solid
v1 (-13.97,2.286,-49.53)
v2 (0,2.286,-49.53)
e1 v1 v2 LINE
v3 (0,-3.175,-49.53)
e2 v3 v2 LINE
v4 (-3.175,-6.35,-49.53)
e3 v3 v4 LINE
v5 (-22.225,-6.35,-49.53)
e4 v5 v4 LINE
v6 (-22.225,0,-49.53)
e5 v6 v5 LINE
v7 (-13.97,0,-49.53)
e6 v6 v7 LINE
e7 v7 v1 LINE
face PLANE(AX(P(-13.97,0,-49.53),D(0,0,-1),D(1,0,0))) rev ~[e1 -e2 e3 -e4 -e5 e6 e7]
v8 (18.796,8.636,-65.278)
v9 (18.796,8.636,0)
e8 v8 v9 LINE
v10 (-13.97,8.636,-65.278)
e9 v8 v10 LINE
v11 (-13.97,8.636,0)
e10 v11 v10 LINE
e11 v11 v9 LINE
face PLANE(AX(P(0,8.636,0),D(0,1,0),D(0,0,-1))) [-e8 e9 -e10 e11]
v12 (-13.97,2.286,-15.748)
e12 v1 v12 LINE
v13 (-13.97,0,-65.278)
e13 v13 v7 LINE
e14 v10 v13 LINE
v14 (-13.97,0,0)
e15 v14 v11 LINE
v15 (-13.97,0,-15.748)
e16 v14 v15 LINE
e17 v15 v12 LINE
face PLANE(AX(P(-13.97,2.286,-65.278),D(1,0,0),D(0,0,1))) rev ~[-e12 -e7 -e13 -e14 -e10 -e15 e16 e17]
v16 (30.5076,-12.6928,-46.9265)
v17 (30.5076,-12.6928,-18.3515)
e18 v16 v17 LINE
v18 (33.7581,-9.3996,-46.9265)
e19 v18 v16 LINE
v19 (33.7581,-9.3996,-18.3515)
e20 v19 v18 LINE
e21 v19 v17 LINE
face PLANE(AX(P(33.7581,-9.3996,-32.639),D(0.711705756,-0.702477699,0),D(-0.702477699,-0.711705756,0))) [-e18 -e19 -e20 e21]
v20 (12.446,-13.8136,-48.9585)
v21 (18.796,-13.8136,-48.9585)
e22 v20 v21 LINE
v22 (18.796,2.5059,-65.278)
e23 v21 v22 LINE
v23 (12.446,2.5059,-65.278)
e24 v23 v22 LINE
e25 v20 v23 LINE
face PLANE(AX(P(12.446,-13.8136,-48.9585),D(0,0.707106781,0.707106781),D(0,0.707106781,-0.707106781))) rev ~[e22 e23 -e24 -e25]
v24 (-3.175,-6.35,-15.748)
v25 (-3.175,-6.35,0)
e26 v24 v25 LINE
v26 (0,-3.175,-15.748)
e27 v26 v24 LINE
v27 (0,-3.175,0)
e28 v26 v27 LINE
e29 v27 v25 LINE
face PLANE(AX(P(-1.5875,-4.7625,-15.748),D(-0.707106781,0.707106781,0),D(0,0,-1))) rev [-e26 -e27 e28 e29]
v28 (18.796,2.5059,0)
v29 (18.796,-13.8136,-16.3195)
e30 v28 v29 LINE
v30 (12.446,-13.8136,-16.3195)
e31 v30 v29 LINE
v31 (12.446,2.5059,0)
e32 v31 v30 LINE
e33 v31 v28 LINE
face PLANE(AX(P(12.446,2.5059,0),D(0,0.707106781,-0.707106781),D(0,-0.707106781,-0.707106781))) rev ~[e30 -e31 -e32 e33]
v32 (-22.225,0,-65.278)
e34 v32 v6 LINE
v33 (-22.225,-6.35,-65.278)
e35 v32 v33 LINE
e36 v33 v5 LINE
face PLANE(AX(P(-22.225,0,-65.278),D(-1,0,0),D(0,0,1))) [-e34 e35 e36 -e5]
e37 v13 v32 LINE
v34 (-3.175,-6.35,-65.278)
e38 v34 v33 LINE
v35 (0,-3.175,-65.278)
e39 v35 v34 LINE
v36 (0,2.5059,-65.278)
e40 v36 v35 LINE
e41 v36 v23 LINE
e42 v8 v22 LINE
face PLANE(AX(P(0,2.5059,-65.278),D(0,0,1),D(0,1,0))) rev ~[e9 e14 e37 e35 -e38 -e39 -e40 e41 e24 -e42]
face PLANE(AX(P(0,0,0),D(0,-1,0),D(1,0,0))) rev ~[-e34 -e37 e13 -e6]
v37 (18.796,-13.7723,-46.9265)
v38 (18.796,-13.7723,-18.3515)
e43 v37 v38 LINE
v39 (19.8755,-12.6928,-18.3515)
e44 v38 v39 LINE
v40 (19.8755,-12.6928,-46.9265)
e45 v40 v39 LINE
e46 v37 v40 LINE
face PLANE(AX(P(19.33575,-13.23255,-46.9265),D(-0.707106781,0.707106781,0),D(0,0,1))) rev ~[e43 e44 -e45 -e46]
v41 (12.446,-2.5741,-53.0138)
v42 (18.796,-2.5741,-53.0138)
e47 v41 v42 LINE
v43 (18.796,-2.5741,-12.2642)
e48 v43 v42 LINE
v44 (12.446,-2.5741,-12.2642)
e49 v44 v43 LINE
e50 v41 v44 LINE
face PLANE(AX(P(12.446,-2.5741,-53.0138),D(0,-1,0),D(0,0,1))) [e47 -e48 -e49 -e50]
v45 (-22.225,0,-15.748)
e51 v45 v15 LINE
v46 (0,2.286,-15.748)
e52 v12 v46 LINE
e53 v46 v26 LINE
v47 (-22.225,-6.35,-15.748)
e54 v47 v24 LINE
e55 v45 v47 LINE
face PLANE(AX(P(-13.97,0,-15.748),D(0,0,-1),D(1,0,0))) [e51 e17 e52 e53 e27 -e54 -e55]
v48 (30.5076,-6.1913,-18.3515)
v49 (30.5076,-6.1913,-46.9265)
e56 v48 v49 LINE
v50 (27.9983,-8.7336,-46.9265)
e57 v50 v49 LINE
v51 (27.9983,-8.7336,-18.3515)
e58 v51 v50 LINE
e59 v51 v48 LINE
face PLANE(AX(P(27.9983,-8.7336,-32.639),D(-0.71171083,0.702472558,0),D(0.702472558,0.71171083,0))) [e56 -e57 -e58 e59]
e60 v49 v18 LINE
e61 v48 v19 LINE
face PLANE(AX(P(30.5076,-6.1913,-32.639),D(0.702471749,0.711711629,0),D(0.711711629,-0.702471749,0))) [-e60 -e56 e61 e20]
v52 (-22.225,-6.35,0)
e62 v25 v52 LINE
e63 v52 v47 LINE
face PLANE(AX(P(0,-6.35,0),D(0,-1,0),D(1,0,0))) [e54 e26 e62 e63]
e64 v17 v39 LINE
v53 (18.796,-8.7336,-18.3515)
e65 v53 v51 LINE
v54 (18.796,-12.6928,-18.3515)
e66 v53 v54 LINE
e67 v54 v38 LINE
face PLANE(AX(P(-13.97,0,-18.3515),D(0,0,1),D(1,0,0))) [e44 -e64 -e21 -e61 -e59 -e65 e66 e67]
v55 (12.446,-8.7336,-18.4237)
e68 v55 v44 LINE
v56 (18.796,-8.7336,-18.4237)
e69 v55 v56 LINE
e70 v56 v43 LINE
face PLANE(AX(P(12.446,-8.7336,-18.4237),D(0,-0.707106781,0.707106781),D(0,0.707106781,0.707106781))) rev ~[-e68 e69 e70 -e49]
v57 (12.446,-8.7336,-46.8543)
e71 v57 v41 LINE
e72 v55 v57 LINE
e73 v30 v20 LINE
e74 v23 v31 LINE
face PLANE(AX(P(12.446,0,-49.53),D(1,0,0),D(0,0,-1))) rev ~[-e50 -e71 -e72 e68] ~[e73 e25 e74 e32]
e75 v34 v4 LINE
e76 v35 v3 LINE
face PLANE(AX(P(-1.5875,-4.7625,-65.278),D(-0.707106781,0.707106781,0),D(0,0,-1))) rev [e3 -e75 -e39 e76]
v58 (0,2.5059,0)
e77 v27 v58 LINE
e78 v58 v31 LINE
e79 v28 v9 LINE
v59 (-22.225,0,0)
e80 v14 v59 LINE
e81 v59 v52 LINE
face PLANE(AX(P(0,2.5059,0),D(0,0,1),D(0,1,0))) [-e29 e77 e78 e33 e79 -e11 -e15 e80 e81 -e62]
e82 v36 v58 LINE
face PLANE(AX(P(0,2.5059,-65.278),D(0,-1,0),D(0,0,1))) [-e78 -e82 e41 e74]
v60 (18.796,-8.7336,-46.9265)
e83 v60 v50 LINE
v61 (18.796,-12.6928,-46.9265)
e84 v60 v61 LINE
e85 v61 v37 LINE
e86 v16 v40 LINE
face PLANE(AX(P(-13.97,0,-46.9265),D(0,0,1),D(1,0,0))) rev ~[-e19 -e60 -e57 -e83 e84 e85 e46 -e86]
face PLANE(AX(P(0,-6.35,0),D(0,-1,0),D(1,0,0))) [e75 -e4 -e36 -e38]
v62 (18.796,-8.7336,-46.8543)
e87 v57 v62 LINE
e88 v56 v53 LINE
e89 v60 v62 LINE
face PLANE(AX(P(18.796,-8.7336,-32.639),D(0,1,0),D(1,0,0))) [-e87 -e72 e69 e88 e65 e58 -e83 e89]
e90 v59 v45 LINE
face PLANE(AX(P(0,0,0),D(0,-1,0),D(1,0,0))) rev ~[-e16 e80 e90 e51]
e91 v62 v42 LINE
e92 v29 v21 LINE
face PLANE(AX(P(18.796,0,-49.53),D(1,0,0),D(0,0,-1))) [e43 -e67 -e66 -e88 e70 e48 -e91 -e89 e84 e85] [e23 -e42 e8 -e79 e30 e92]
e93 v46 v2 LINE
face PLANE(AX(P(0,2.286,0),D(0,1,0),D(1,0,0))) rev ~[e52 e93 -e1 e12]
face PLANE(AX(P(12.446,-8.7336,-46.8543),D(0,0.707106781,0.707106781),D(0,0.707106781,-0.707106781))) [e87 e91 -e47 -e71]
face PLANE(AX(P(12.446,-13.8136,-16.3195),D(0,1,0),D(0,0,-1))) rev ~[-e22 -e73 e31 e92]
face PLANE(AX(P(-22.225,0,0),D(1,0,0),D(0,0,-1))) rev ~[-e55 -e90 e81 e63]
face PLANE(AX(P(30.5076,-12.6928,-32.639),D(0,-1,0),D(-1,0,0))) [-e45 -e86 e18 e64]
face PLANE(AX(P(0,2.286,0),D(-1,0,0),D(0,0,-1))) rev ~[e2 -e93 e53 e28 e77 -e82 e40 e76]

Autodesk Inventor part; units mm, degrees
ref_plane "YZ Plane" through (0, 0, 0) normal (1, 0, 0) x (0, 1, 0)
ref_plane "XZ Plane" through (0, 0, 0) normal (0, 1, 0) x (-1, 0, 0)
ref_plane "XY Plane" through (0, 0, 0) normal (0, 0, 1) x (1, 0, 0)
sketch "Sketch1" plane through (0, 0, 0) normal (0, 1, 0) x (-1, 0, 0)
  line L0 (0, 0) -> (13.97, 0)
  line L1 (13.97, 0) -> (13.97, -15.748)
  line L2 (13.97, -15.748) -> (0, -15.748)
  line L3 (0, -15.748) -> (0, 0)
  line L4 (13.97, -49.53) -> (0, -49.53)
  line L5 (0, -49.53) -> (0, -65.278)
  line L6 (0, -65.278) -> (13.97, -65.278)
  line L7 (13.97, -65.278) -> (13.97, -49.53)
  dimension "d0" = 13.97
  dimension "d1" = 15.748
  dimension "d2" = 15.748
  dimension "d3" = 33.782
extrude "Extrusion1" add sketch "Sketch1" along normal blind 2.286
sketch "Sketch2" plane through (0, 2.286, 0) normal (0, 1, 0) x (1, 0, 0)
  line L0 (-13.97, 15.748) -> (-13.97, 0) projected
  line L1 (-13.97, 0) -> (0, 0)
  line L2 (0, 0) -> (0, 65.278)
  line L3 (0, 65.278) -> (-13.97, 65.278)
  line L4 (-13.97, 65.278) -> (-13.97, 0)
  point P0 (0, 0)
extrude "Extrusion2" add sketch "Sketch2" along normal blind 6.35
sketch "Sketch3" plane through (0, 0, -49.53) normal (1, 0, 0) x (0, 0, -1)
  line L0 (-49.53, 8.636) -> (15.748, 8.636) projected
  line L1 (15.748, 0) -> (15.748, 8.636) projected
  line L2 (-49.53, 8.636) -> (15.748, 8.636)
  line L3 (15.748, 8.636) -> (15.748, 2.5059)
  line L4 (15.748, 2.5059) -> (-49.53, 2.5059)
  line L5 (-49.53, 2.5059) -> (-49.53, 8.636)
  point P0 (-49.53, 0)
extrude "Extrusion3" add sketch "Sketch3" along normal blind 12.446
sketch "Sketch4" plane through (12.446, 0, -49.53) normal (1, 0, 0) x (0, 0, -1)
  line L0 (15.748, 8.636) -> (-49.53, 8.636) projected
  line L1 (-49.53, 8.636) -> (15.748, 8.636)
  line L2 (15.748, 8.636) -> (15.748, 2.5059)
  line L3 (15.748, 2.5059) -> (-49.53, 2.5059)
  line L4 (-49.53, 0) -> (-49.53, 8.636) projected
  line L5 (-49.53, 8.636) -> (-49.53, 2.5059)
  line L6 (-49.53, 2.5059) -> (-24.0466, 2.5059) construction
  line L7 (-16.891, 8.636) -> (-16.891, -118.364) construction
  line L8 (15.748, 2.5059) -> (-49.53, 2.5059) projected
  line L9 (-49.53, 2.5059) -> (-16.891, -30.1331)
  line L10 (-49.53, 2.5059) -> (-3.3715, 2.5059) construction
  line L11 (-16.891, -30.1331) -> (15.748, 2.5059)
  line L12 (-33.2105, -13.8136) -> (-0.5715, -13.8136)
  line L13 (-16.891, -8.7336) -> (-2.6757, -8.7336)
  line L14 (-49.53, 2.5059) -> (15.748, 2.5059) projected
  line L15 (-2.6757, -8.7336) -> (3.4838, -2.5741)
  line L16 (3.4838, -2.5741) -> (-36.2655, -2.5741)
  line L17 (-30.106, -8.7336) -> (-16.891, -8.7336)
  line L18 (-16.891, -8.7336) -> (-31.1063, -8.7336)
  line L19 (-31.1063, -8.7336) -> (-37.2658, -2.5741)
  line L20 (-37.2658, -2.5741) -> (2.4835, -2.5741)
  point P0 (-30.106, -8.7336)
  point P1 (-36.2655, -2.5741)
  dimension "d13" = 127
  dimension "d14" = 45
  dimension "d15" = 5.08
  dimension "d16" = 5.08
  dimension "d17" = 5.08
extrude "Extrusion4" add sketch "Sketch4" along normal blind 6.35 contours L2 L3 L4 L0 | L11 L12 L9 L3
sketch "Sketch5" plane through (18.796, 0, -49.53) normal (1, 0, 0) x (0, 0, -1)
  line L0 (-33.2105, -13.8136) -> (-0.5715, -13.8136) projected
  line L1 (-33.2105, -13.8136) -> (-0.5715, -13.8136)
  line L2 (-0.5715, -13.8136) -> (-0.5715, -8.8161)
  line L3 (-0.5715, -8.8161) -> (-33.2105, -8.8161)
  line L4 (-33.2105, -8.8161) -> (-33.2105, -13.8136)
  point P0 (-49.53, 0)
ref_plane "Work Plane1" through (-13.97, 0, -32.639) normal (0, 0, 1) x (1, 0, 0)
sketch "Sketch6" plane through (-13.97, 0, -32.639) normal (0, 0, 1) x (1, 0, 0)
  line L0 (26.416, -8.7336) -> (32.766, -8.7336) projected
  line L1 (32.766, -8.7336) -> (41.9683, -8.7336)
  line L2 (41.9683, -8.7336) -> (44.4776, -6.1913)
  line L3 (44.4776, -6.1913) -> (47.7281, -9.3996)
  line L4 (47.7281, -9.3996) -> (44.4776, -12.6928)
  line L5 (44.4776, -12.6928) -> (32.766, -12.6928)
  line L6 (32.766, -8.7336) -> (32.766, -12.6928)
  line L7 (32.766, 2.5059) -> (32.766, -13.8136) projected
  point P0 (13.97, 0)
extrude "Extrusion5" add sketch "Sketch6" along normal mid plane 28.575
sketch "Sketch7" plane through (0, 0, 0) normal (0, -1, 0) x (1, 0, 0)
  line L0 (0, -65.278) -> (0, 0) projected
  line L1 (0, -65.278) -> (-22.225, -65.278)
  line L2 (-22.225, -65.278) -> (-22.225, -49.53)
  line L3 (-22.225, -49.53) -> (0, -49.53)
  line L4 (0, -49.53) -> (0, -65.278)
  line L5 (-13.97, -65.278) -> (-13.97, 0) construction
  line L6 (-13.97, -32.639) -> (9.5461, -32.639) construction
  line L7 (0, 0) -> (0, -65.278)
  line L8 (0, 0) -> (-22.225, 0)
  line L9 (-22.225, 0) -> (-22.225, -15.748)
  line L10 (-22.225, -15.748) -> (0, -15.748)
  point P0 (0, -49.53)
  point P1 (0, -15.748)
  dimension "d24" = 22.225
extrude "Extrusion6" add sketch "Sketch7" along normal blind 6.35
chamfer "Chamfer1" distance 3.175 angle 45 2 edges at (0, -6.35, -7.874) (0, -6.35, -57.404)
chamfer "Chamfer2" distance 1.0795 angle 45 1 edges at (18.796, -12.6928, -32.639)
properties part number "FRC Pit Hook"
